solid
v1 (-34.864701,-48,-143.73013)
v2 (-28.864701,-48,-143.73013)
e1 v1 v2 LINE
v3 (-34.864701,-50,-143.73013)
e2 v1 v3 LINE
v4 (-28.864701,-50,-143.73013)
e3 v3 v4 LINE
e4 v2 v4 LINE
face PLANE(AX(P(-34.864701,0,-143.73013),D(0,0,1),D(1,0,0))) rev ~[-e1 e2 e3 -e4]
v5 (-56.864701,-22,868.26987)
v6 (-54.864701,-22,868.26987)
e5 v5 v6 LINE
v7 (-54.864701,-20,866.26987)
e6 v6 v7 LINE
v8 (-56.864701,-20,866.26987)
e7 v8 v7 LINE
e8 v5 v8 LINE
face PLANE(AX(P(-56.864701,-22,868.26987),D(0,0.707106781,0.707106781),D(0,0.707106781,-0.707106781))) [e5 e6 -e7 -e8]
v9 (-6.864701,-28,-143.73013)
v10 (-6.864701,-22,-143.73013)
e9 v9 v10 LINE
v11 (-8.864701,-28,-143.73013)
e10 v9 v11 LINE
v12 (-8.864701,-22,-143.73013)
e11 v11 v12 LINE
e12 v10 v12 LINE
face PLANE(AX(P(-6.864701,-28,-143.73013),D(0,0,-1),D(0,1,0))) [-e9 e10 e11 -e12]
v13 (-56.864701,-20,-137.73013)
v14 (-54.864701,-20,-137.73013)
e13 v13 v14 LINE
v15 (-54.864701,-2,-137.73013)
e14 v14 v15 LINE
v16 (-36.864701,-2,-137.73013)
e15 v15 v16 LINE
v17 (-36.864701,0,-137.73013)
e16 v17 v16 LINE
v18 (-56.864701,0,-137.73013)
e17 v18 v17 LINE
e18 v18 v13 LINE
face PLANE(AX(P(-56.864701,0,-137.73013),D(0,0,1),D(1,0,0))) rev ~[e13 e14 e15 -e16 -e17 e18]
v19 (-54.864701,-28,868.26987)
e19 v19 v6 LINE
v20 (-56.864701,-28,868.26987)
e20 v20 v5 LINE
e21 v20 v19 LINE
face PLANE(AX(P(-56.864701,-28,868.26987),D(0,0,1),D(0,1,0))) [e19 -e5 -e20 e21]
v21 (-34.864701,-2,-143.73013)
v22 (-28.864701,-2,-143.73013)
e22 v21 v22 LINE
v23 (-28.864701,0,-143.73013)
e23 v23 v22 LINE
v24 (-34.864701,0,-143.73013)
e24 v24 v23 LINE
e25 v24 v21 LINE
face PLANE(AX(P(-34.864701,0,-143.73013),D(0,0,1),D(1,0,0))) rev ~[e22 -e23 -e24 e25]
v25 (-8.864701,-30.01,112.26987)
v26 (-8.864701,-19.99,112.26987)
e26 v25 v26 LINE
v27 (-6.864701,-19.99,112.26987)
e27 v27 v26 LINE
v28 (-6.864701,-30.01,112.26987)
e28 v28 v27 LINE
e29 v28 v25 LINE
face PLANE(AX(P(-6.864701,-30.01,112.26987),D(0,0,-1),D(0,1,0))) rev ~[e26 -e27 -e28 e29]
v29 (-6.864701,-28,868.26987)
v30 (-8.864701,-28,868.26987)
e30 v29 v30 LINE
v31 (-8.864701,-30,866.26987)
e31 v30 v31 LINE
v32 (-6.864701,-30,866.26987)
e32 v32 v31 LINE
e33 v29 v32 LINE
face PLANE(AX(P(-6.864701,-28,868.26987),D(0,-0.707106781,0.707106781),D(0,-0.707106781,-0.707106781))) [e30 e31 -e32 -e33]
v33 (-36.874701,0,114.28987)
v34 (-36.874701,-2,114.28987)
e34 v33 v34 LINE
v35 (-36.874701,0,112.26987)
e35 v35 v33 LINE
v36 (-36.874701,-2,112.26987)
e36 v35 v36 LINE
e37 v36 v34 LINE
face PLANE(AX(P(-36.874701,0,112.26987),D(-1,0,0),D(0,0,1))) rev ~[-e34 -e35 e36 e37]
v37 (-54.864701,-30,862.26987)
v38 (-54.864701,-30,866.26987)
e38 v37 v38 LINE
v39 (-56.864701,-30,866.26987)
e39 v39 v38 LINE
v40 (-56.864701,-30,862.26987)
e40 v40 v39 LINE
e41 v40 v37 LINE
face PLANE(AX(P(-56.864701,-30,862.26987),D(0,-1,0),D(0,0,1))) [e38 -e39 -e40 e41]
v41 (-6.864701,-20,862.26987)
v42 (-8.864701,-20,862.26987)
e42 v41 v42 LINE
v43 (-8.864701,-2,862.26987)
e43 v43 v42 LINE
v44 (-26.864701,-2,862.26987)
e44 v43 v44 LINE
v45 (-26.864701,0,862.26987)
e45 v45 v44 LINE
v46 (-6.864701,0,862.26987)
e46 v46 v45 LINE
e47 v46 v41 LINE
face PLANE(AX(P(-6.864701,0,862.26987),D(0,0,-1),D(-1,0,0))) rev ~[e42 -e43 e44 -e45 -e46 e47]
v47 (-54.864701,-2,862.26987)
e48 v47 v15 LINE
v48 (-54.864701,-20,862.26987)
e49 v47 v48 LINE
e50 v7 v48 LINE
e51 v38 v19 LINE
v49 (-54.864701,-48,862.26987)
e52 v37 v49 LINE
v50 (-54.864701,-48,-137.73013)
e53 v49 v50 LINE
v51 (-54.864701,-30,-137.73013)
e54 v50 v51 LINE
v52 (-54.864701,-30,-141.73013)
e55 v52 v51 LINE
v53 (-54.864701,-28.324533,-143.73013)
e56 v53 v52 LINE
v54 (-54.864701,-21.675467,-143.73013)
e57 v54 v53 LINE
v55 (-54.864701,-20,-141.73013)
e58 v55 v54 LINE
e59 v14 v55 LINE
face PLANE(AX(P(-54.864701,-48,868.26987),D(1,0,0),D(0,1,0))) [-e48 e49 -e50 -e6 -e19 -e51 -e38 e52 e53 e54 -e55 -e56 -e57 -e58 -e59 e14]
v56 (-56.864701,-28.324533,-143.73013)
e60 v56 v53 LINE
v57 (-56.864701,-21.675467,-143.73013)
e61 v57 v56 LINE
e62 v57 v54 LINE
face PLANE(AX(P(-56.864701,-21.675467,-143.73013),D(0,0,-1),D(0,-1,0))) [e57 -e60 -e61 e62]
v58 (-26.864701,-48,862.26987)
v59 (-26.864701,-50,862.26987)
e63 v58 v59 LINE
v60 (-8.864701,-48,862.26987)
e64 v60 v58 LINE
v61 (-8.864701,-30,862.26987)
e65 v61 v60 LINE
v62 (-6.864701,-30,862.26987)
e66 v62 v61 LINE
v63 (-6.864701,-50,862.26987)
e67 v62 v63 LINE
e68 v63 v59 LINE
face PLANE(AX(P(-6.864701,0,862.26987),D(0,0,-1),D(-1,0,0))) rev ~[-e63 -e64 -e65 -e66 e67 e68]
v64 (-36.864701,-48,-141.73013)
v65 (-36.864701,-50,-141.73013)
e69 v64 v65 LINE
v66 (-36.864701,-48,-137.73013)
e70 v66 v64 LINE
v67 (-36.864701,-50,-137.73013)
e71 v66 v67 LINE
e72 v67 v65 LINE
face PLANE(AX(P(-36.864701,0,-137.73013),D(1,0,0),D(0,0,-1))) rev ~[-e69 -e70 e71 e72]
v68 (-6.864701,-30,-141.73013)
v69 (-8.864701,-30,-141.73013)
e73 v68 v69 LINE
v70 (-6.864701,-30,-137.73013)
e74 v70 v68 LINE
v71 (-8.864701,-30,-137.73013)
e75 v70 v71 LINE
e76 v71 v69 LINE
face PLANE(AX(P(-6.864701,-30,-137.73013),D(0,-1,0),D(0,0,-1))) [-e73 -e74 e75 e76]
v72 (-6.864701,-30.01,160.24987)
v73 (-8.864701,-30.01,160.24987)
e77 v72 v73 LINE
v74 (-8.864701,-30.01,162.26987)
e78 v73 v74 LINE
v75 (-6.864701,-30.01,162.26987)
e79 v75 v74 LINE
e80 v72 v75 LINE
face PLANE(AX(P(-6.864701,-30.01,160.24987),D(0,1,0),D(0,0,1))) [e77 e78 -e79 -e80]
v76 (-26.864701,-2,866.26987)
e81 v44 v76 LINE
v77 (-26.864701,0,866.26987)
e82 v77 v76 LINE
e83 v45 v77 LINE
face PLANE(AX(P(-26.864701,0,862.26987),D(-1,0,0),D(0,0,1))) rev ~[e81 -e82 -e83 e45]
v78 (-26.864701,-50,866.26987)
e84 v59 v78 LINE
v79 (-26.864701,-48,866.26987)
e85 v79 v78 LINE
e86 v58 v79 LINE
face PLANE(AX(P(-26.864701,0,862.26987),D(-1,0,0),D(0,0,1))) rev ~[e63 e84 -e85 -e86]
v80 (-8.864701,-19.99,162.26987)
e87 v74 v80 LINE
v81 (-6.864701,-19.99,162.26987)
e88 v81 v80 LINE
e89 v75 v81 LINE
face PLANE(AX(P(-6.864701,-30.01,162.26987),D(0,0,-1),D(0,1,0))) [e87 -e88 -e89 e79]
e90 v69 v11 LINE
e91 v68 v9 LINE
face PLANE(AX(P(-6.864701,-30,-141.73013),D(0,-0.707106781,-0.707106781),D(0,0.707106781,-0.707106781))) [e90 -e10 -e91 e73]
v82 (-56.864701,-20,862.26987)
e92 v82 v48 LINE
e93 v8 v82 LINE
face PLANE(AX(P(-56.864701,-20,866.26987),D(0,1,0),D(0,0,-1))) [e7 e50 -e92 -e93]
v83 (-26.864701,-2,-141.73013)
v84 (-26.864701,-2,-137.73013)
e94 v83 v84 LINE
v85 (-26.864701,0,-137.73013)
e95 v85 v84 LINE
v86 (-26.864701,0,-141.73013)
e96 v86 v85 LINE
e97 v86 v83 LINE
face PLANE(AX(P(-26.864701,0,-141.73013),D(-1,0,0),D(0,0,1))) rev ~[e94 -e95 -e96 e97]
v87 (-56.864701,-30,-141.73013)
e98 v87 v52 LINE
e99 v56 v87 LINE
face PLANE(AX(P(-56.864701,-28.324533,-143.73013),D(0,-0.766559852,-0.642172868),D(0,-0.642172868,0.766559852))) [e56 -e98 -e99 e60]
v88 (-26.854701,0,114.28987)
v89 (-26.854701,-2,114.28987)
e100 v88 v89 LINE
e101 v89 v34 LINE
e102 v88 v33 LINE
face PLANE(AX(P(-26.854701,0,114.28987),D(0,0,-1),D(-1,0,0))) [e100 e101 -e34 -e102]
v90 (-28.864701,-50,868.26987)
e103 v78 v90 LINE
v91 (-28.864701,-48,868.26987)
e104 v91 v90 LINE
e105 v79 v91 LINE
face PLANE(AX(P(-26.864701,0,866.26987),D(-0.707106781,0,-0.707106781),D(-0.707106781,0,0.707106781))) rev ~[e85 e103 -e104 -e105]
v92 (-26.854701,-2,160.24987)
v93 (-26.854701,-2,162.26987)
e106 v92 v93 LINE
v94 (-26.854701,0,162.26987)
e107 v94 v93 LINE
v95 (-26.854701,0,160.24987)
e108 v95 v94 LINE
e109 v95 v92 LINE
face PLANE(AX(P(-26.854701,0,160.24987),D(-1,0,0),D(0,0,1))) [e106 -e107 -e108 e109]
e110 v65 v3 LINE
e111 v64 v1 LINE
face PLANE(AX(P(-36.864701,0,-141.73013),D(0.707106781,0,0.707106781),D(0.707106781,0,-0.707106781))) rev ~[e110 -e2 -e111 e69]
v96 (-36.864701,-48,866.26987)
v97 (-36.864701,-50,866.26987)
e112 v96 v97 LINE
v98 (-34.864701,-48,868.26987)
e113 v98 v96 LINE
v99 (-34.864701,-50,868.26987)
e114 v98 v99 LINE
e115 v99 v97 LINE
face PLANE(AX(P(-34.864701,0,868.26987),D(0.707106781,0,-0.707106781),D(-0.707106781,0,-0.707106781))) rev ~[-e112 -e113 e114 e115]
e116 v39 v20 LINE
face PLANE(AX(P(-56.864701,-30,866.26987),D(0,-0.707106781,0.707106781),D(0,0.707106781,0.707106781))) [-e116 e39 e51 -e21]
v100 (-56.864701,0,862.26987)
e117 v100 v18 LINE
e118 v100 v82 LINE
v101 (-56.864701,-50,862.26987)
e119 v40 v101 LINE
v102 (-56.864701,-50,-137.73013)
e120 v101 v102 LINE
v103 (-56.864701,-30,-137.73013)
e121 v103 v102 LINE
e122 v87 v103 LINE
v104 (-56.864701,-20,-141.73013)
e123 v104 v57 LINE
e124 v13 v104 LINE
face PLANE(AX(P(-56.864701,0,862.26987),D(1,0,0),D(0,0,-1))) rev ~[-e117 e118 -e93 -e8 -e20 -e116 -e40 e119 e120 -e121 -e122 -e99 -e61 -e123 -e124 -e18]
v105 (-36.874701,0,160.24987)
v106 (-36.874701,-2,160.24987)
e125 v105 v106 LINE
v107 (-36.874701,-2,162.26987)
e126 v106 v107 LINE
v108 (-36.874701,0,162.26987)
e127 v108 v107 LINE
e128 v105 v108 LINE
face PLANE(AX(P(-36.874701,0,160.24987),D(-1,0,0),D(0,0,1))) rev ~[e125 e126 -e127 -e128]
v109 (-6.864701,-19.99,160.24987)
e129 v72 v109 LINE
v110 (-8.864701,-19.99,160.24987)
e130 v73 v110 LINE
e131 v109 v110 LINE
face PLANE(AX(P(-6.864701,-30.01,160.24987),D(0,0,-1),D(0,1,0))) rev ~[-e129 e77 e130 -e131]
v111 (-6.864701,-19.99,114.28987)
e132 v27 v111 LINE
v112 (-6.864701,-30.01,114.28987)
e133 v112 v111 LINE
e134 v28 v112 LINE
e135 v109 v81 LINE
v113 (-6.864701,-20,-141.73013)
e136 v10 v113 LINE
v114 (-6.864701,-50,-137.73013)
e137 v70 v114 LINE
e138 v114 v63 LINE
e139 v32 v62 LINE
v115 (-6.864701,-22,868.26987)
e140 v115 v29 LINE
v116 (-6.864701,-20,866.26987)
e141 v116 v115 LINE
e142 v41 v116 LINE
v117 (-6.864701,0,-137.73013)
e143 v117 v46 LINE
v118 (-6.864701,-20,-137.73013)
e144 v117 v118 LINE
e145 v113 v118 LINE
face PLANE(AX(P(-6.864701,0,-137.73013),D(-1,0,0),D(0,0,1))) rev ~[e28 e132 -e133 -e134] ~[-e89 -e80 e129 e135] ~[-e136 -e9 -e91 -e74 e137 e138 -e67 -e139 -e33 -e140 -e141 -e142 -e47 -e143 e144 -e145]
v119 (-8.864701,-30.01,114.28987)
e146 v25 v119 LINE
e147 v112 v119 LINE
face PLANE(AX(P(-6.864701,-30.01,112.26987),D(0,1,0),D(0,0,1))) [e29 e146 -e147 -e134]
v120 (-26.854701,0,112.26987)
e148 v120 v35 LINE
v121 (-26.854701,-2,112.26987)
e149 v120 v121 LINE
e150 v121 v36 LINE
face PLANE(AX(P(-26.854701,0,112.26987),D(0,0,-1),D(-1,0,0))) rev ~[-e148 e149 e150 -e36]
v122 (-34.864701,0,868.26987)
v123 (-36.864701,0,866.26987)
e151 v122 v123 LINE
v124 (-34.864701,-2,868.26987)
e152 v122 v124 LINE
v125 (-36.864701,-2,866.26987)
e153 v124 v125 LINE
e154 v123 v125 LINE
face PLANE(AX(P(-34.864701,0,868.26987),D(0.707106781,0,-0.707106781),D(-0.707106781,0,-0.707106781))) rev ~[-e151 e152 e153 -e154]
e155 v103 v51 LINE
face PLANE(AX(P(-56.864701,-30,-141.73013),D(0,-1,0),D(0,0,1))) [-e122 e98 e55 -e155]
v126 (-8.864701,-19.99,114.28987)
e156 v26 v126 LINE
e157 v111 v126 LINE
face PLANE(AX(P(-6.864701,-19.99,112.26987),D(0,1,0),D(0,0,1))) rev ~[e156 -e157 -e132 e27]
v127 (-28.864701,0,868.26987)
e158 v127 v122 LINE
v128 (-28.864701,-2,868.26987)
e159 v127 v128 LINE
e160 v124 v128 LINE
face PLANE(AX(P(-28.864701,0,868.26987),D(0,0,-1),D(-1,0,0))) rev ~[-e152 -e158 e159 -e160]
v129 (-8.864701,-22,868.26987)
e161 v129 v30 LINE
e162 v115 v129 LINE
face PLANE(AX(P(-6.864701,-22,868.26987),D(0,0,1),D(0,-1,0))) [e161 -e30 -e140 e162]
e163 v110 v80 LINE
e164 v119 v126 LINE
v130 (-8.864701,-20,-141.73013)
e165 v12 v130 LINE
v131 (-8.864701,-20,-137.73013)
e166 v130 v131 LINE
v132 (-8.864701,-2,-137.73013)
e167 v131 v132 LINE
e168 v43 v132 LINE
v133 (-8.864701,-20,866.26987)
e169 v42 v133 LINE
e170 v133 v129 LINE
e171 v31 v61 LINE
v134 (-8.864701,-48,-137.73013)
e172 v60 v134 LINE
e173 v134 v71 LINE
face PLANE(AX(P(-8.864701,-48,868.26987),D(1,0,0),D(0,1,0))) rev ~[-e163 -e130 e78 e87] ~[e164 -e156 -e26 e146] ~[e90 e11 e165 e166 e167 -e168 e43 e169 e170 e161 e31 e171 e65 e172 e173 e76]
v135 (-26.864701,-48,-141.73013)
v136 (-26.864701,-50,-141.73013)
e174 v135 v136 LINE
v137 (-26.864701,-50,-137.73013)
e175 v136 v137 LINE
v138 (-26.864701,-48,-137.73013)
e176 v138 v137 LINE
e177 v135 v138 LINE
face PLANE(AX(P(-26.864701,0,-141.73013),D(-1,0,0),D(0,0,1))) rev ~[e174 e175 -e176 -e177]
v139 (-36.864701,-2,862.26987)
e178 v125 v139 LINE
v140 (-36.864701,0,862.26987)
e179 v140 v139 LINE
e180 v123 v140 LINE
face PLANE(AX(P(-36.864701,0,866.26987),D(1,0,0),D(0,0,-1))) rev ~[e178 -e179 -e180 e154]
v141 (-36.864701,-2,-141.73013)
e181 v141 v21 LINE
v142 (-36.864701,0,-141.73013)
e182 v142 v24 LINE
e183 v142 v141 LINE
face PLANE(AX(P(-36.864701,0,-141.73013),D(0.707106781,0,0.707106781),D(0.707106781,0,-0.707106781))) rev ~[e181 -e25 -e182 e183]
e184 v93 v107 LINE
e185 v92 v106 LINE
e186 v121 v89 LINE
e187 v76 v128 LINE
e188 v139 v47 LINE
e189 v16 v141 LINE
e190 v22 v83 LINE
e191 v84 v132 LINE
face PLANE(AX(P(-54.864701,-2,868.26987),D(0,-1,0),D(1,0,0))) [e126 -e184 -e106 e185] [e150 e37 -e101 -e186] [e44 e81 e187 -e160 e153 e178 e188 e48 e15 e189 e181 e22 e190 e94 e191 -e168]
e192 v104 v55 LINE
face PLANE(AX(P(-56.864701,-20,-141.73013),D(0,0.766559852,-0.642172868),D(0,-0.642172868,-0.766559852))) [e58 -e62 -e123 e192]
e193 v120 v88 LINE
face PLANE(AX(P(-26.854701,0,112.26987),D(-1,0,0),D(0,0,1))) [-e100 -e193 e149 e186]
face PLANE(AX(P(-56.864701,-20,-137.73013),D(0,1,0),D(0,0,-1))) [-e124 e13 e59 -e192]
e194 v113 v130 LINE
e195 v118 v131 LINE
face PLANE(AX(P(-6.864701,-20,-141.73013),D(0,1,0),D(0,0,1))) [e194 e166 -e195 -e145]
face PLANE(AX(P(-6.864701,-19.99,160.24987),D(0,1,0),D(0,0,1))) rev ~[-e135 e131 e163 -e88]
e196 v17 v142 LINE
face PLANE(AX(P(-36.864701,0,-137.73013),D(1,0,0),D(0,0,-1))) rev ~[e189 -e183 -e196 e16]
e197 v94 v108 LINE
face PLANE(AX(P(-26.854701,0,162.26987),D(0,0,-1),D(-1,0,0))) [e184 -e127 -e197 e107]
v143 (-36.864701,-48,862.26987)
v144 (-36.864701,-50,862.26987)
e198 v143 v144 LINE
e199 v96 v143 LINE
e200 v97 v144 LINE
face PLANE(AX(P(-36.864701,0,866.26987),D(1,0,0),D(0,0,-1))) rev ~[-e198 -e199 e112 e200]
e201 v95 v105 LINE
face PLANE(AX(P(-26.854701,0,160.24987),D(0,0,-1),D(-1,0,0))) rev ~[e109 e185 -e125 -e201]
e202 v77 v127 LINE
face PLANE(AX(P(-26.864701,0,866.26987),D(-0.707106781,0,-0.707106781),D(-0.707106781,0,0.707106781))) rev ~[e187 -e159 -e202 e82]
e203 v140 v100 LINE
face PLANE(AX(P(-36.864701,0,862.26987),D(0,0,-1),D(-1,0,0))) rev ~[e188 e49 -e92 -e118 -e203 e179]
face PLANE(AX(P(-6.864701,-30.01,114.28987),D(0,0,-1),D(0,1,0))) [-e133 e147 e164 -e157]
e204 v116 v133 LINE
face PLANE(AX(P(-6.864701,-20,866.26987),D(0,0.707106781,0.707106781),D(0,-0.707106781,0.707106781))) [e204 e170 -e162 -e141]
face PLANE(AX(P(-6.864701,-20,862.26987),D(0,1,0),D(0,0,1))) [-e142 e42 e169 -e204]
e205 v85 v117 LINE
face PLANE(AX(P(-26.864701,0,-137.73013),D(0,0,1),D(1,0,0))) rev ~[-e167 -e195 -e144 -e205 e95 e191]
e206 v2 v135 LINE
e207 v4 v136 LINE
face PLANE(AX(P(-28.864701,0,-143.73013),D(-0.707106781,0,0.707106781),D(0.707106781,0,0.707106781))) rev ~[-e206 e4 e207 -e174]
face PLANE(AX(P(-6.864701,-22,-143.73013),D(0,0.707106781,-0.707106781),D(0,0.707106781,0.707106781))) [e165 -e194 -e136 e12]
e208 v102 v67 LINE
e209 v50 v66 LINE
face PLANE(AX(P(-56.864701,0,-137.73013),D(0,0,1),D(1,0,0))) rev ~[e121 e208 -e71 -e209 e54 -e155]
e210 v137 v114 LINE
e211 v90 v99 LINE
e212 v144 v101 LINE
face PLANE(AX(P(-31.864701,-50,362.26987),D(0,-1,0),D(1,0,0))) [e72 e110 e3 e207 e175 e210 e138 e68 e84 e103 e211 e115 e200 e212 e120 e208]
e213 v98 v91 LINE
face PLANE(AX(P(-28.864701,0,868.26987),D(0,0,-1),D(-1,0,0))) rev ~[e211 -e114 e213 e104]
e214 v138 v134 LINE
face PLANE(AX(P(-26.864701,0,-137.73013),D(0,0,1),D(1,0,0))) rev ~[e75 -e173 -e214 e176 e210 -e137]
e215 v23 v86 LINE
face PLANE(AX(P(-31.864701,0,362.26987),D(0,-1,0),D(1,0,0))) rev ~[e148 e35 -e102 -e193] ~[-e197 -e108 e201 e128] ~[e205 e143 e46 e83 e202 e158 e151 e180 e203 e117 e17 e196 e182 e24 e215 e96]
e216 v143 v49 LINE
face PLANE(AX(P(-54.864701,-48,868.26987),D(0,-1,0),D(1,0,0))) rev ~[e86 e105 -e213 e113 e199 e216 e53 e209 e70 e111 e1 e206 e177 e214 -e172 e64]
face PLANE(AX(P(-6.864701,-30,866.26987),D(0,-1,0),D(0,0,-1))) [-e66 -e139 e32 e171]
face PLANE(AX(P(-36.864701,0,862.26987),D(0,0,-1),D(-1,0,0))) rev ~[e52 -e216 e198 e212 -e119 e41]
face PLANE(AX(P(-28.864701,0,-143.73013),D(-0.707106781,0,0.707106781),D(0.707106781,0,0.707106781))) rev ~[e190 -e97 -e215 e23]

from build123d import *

# Parameters (mm, degrees)
F1_DEPTH  = 50
F2_W      = 46
F2_H      = 46
F4_DEPTH  = 1012.001
F5_DEPTH  = 2
F7_DEPTH  = 2
F9_DEPTH  = 2
F11_DEPTH = 2
F12_W     = 10.02
F12_H     = 2.02
F13_DEPTH = 2
F14_W     = 10.02
F14_H     = 2.02
F15_DEPTH = 2


with BuildPart() as f1:
    # F0 (on Front) → F1 (new body)
    with BuildSketch(Plane.XZ):
        Polygon((-36.864701, 862.26987), (-56.864701, 862.26987), (-56.864701, -137.73013), (-36.864701, -137.73013), (-36.864701, -141.73013), (-34.864701, -143.73013), (-28.864701, -143.73013), (-26.864701, -141.73013), (-26.864701, -137.73013), (-6.864701, -137.73013), (-6.864701, 862.26987), (-26.864701, 862.26987), (-26.864701, 866.26987), (-28.864701, 868.26987), (-34.864701, 868.26987), (-36.864701, 866.26987), align=None)
    extrude(amount=F1_DEPTH)

    # F2 (on face) → F4 (cut, through all)
    with BuildSketch(Plane.XY.offset(868.26987)):
        with Locations((-31.864701, -25)):
            Rectangle(F2_W, F2_H)
    extrude(amount=-F4_DEPTH, mode=Mode.SUBTRACT)

    # F3 (on face) → F5 (join)
    with BuildSketch(Plane.YZ.offset(-6.864701)):
        Polygon((-30, 866.26987), (-30, 862.26987), (-20, 862.26987), (-20, 866.26987), (-22, 868.26987), (-28, 868.26987), align=None)
    extrude(amount=-F5_DEPTH)

    # F6 (on face) → F7 (join)
    with BuildSketch(Plane(origin=(-56.864701, 0, 0), x_dir=(0, -1, 0), z_dir=(-1, 0, 0))):
        Polygon((20, 866.26987), (20, 862.26987), (30, 862.26987), (30, 866.26987), (28, 868.26987), (22, 868.26987), align=None)
    extrude(amount=-F7_DEPTH)

    # F8 (on face) → F9 (join)
    with BuildSketch(Plane(origin=(-56.864701, 0, 0), x_dir=(0, -1, 0), z_dir=(-1, 0, 0))):
        Polygon((30, -137.73013), (20, -137.73013), (20, -141.73013), (21.675467, -143.73013), (28.324533, -143.73013), (30, -141.73013), align=None)
    extrude(amount=-F9_DEPTH)

    # F10 (on face) → F11 (join)
    with BuildSketch(Plane.YZ.offset(-6.864701)):
        Polygon((-20, -137.73013), (-30, -137.73013), (-30, -141.73013), (-28, -143.73013), (-22, -143.73013), (-20, -141.73013), align=None)
    extrude(amount=-F11_DEPTH)

    # F12 (on face) → F13 (cut)
    with BuildSketch(Plane.YZ.offset(-6.864701)):
        with Locations((-25, 161.25987)):
            Rectangle(F12_W, F12_H)
        with Locations((-25, 113.27987)):
            Rectangle(F12_W, F12_H)
    extrude(amount=-F13_DEPTH, mode=Mode.SUBTRACT)

    # F14 (on face) → F15 (cut)
    with BuildSketch(Plane(origin=(0, 0, 0), x_dir=(-1, 0, 0), z_dir=(0, 1, 0))):
        with Locations((31.864701, 161.25987)):
            Rectangle(F14_W, F14_H)
        with Locations((31.864701, 113.27987)):
            Rectangle(F14_W, F14_H)
    extrude(amount=-F15_DEPTH, mode=Mode.SUBTRACT)


solid = f1.part
